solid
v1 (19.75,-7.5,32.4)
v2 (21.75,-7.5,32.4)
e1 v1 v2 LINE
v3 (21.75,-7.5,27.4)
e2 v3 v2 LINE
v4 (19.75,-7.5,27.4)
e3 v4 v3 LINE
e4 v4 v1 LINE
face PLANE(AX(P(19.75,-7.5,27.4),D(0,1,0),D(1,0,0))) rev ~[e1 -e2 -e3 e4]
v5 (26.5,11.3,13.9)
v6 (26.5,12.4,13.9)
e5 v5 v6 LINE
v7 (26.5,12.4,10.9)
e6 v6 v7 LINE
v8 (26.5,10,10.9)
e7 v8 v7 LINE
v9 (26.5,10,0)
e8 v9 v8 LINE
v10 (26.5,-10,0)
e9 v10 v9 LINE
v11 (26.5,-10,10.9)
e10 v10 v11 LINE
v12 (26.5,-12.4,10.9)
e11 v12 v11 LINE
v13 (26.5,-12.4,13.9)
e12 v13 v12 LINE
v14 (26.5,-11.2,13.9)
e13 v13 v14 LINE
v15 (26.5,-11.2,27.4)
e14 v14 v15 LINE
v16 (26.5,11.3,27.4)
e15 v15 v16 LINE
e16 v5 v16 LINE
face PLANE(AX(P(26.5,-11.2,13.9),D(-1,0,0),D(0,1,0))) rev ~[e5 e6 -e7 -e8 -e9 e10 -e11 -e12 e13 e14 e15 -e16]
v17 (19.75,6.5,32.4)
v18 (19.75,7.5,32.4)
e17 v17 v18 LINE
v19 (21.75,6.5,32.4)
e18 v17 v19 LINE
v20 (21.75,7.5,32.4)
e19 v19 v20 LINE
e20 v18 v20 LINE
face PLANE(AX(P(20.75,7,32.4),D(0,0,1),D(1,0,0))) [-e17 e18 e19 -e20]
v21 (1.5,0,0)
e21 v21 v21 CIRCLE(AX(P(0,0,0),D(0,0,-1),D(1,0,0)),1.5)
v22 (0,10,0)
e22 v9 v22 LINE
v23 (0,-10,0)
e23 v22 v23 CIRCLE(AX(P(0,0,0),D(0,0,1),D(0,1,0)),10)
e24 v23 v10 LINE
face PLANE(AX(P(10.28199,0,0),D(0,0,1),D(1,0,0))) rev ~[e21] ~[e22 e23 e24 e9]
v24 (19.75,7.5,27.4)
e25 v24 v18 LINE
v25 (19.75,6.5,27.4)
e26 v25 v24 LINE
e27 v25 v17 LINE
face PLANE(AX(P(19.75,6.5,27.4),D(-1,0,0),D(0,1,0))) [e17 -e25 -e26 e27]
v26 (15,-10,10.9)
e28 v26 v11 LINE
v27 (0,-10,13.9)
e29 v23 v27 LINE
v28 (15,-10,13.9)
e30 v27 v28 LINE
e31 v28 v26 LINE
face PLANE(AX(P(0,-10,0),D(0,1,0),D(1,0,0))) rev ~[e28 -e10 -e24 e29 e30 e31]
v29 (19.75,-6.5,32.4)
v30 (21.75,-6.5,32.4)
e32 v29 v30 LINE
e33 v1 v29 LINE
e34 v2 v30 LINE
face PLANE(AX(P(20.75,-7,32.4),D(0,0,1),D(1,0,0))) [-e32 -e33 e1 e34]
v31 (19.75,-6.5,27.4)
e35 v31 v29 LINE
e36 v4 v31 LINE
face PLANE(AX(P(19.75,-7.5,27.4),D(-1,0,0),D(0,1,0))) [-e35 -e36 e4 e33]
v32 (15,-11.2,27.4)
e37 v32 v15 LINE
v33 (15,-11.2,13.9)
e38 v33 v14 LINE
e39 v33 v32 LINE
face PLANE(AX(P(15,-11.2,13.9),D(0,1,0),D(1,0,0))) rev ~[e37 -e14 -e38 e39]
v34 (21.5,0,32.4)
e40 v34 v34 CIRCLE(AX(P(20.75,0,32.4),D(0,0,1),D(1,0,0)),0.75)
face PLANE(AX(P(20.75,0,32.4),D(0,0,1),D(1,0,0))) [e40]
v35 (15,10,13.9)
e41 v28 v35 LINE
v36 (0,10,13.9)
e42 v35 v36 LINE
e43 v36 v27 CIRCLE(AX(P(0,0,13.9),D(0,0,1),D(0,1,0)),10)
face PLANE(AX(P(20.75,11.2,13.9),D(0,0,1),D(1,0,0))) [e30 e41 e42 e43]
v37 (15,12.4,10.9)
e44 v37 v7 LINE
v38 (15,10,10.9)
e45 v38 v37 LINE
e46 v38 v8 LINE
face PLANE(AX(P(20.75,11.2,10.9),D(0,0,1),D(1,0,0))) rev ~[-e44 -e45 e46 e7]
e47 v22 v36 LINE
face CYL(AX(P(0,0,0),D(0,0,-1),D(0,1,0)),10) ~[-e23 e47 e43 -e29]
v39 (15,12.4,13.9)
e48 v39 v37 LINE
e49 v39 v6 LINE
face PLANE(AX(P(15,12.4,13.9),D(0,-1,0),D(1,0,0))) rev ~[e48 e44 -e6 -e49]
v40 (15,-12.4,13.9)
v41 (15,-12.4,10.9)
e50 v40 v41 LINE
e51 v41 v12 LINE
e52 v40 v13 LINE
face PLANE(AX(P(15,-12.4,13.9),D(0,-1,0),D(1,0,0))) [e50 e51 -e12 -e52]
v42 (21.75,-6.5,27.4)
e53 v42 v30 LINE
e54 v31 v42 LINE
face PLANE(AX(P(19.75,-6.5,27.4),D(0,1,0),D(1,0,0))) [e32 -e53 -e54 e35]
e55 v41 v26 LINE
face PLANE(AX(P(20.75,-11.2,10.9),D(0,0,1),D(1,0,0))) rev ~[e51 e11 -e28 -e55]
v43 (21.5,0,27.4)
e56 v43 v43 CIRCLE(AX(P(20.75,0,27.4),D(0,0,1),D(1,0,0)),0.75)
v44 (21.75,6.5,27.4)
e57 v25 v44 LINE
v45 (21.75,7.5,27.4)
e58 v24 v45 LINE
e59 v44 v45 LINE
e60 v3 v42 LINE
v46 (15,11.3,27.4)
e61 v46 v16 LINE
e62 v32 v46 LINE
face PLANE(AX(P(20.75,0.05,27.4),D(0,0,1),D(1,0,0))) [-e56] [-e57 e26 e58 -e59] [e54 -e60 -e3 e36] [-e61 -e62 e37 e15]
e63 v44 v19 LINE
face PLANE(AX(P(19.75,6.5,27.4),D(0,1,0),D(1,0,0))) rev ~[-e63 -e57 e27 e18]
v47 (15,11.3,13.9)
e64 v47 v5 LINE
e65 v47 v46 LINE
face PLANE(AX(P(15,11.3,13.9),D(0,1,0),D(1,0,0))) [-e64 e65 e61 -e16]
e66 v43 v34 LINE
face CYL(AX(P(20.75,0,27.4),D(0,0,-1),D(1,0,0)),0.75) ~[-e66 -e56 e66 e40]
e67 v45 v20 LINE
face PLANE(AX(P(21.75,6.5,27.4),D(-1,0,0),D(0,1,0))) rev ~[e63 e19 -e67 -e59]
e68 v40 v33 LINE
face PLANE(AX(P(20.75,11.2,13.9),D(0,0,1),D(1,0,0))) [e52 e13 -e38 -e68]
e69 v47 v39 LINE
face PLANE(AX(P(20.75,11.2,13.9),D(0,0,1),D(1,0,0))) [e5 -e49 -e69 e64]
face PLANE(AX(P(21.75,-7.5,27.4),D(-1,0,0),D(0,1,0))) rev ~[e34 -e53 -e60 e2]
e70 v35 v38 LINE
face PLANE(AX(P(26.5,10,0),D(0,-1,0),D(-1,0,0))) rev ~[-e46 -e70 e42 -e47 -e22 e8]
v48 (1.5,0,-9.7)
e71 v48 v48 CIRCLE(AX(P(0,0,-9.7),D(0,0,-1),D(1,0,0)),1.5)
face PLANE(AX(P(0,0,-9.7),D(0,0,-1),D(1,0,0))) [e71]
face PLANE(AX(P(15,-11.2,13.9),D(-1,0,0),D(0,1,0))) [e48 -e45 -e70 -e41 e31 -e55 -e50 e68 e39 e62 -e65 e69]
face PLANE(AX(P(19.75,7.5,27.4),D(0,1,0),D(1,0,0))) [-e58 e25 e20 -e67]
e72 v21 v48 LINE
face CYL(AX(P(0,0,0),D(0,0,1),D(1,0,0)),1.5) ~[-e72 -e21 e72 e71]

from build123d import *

# Parameters (mm, degrees)
F1_DEPTH = 13.9
F2_R     = 1.5
F3_DEPTH = 9.7
F4_W     = 11.5
F4_H     = 2.4
F5_DEPTH = 3
F6_W     = 11.5
F6_H     = 22.5
F7_DEPTH = 13.5
F8_R     = 0.75
F8_W     = 2
F8_H     = 1
F9_DEPTH = 5


with BuildPart() as f1:
    # F0 (on Top) → F1 (new body)
    with BuildSketch(Plane.XY):
        with BuildLine():
            Line((26.5, 10), (0, 10))
            ThreePointArc((0, 10), (-10, 0), (0, -10))
            Line((0, -10), (26.5, -10))
            Line((26.5, -10), (26.5, 10))
        make_face()
    extrude(amount=F1_DEPTH)

    # F2 (on face) → F3 (join)
    with BuildSketch(Plane(origin=(0, 0, 0), x_dir=(1, 0, 0), z_dir=(0, 0, -1))):
        Circle(F2_R)
    extrude(amount=F3_DEPTH)

    # F4 (on face) → F5 (join)
    with BuildSketch(Plane.XY.offset(13.9)):
        with Locations((20.75, 11.2)):
            Rectangle(F4_W, F4_H)
        with Locations((20.75, -11.2)):
            Rectangle(F4_W, F4_H)
    extrude(amount=-F5_DEPTH)

    # F6 (on face) → F7 (join)
    with BuildSketch(Plane.XY.offset(13.9)):
        with Locations((20.75, 0.05)):
            Rectangle(F6_W, F6_H)
    extrude(amount=F7_DEPTH)

    # F8 (on face) → F9 (join)
    with BuildSketch(Plane.XY.offset(27.4)):
        with Locations((20.75, 0)):
            Circle(F8_R)
        with Locations((20.75, 7)):
            Rectangle(F8_W, F8_H)
        with Locations((20.75, -7)):
            Rectangle(F8_W, F8_H)
    extrude(amount=F9_DEPTH)


solid = f1.part
